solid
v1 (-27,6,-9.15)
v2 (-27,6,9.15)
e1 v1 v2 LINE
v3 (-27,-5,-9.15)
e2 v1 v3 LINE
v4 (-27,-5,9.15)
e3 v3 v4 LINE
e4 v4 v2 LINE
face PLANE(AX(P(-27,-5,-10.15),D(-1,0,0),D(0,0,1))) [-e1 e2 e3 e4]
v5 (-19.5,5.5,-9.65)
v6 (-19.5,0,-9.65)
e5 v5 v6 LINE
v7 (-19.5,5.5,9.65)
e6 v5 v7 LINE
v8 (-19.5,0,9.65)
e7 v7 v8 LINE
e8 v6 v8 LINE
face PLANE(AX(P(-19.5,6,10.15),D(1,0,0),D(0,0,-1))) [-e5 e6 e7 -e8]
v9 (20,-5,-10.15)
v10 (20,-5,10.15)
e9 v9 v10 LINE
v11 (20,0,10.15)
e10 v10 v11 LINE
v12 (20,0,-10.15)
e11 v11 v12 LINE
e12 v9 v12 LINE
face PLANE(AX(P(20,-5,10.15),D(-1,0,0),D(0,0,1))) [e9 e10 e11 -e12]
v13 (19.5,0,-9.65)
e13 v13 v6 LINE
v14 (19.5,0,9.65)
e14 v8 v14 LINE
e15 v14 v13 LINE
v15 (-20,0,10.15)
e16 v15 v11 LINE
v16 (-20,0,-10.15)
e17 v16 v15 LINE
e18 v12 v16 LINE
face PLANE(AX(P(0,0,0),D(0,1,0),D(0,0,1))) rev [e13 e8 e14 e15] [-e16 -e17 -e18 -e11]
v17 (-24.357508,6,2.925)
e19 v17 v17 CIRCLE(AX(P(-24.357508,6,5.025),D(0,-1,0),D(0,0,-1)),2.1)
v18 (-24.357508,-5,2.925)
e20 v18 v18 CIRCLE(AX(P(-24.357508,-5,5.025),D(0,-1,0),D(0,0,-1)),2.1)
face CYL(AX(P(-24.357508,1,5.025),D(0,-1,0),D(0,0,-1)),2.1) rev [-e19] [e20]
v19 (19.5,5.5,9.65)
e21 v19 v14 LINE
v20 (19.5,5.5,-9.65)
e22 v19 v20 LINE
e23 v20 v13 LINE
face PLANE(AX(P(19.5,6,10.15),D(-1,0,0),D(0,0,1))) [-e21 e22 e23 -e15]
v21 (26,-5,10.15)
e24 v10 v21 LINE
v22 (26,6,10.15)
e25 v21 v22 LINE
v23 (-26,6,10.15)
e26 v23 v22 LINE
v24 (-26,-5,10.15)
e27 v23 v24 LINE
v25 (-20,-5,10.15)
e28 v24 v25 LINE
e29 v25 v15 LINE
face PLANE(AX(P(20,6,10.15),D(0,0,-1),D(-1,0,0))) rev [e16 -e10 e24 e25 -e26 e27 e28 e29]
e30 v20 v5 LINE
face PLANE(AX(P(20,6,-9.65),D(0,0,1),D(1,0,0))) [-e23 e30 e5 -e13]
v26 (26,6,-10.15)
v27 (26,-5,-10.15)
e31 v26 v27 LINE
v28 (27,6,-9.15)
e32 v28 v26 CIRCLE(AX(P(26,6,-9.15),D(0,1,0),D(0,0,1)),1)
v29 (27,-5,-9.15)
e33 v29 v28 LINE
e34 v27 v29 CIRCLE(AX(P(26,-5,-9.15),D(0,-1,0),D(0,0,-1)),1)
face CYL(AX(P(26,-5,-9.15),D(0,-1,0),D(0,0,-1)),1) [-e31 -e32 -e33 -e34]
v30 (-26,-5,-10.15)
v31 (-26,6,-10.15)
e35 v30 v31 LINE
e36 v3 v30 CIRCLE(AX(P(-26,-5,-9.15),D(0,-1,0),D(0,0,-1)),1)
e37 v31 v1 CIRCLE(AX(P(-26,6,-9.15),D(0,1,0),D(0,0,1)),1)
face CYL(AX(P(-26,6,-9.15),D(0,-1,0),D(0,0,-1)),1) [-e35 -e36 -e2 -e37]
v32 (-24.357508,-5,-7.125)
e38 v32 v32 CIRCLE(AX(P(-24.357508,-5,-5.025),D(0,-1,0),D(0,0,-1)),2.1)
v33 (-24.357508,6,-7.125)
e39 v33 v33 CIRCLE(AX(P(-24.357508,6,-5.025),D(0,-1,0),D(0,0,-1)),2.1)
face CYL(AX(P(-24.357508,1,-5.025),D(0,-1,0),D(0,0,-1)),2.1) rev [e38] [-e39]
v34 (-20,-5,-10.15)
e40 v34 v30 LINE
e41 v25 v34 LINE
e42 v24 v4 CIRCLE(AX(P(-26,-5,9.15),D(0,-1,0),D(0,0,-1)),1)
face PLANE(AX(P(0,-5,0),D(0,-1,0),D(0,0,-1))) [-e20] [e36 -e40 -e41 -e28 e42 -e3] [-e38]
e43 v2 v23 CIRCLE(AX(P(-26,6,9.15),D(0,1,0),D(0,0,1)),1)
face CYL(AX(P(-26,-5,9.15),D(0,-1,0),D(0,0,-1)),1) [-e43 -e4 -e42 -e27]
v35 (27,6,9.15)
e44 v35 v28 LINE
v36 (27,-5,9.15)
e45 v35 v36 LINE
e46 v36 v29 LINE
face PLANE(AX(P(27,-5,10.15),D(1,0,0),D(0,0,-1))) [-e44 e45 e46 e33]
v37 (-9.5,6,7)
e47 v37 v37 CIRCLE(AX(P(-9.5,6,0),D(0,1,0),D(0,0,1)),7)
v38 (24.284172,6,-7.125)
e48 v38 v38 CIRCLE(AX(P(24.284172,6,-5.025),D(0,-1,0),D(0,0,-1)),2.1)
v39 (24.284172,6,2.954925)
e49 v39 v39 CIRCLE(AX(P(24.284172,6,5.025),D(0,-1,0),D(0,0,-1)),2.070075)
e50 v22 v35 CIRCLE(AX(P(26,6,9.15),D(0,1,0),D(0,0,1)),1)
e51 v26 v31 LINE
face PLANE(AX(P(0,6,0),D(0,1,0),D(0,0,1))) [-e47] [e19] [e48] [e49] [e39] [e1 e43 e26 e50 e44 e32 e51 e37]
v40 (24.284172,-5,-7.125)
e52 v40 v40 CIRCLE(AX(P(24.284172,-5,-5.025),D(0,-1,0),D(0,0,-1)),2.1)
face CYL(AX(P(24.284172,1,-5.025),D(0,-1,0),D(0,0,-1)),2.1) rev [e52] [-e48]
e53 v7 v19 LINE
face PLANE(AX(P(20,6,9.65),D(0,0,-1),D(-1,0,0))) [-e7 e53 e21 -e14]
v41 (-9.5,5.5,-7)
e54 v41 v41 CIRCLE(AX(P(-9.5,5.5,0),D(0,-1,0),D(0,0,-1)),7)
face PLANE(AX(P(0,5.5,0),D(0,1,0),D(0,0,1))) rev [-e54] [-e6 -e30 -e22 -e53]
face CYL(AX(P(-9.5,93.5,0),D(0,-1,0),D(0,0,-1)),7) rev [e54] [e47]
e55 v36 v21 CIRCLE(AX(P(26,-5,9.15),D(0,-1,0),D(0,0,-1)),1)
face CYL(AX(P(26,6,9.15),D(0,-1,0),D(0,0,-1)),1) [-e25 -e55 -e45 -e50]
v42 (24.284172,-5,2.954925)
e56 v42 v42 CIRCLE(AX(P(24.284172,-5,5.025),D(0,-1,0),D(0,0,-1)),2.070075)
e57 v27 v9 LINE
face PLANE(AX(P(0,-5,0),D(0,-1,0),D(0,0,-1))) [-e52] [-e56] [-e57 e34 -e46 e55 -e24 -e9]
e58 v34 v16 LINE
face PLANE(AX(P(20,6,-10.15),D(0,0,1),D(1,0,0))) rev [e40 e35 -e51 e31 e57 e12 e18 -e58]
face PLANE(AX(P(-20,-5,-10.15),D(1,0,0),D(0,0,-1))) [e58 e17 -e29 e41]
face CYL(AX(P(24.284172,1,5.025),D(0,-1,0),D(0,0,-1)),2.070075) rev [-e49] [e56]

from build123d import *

# Parameters (mm, degrees)
SKETCH1_W               = 40
SKETCH1_H               = 20.3
BOSS_EXTRUDE3_DEPTH     = 6
SHELL1_T                = -0.5
SKETCH4_W               = 7
SKETCH4_H               = 20.3
BOSS_EXTRUDE4_DEPTH     = 11
FILLET1_R               = 1
SKETCH5_R               = 2.1
SKETCH5_R_2             = 2.070075265
CUT_EXTRUDE3_DEPTH      = 6
SKETCH7_R               = 7
CUT_EXTRUDE4_DEPTH      = 88
CUT_EXTRUDE5_DEPTH      = 30.462221573
CUT_EXTRUDE5_DEPTH_BACK = 30.462221573
SKETCH8_R               = 2.1
SKETCH8_R_2             = 2.070075265


with BuildPart() as part:
    # Sketch1 → Boss-Extrude3 (new body)
    with BuildSketch(Plane(origin=(0, 0, 0), x_dir=(1, 0, 0), z_dir=(0, 1, 0))):
        Rectangle(SKETCH1_W, SKETCH1_H)
    extrude(amount=BOSS_EXTRUDE3_DEPTH)

    # Shell1
    shell1_openings = [part.faces().sort_by_distance(p)[0] for p in [
        (0, 0, 0),
    ]]
    offset(amount=SHELL1_T, openings=shell1_openings, kind=Kind.INTERSECTION)

    # Sketch4 → Boss-Extrude4 (add)
    with BuildSketch(Plane(origin=(0, 6, 0), x_dir=(1, 0, 0), z_dir=(0, 1, 0))):
        with Locations((-23.5, 0)):
            Rectangle(SKETCH4_W, SKETCH4_H)
        with Locations((23.5, 0)):
            Rectangle(SKETCH4_W, SKETCH4_H)
    extrude(amount=-BOSS_EXTRUDE4_DEPTH)

    # Fillet1
    fillet1_edges = [part.edges().sort_by_distance(p)[0] for p in [
        (-27, 0.5, 10.15),
        (-27, 0.5, -10.15),
        (27, 0.5, -10.15),
        (27, 0.5, 10.15),
    ]]
    fillet(fillet1_edges, radius=FILLET1_R)

    # Sketch5 → Cut-Extrude3 (cut)
    with BuildSketch(Plane.XZ.offset(5)):
        with Locations(Location((-24.35750849, 5.025, 0), (0, 0, 270))):
            Circle(SKETCH5_R)
        with Locations(Location((-24.35750849, -5.025, 0), (0, 0, 270))):
            Circle(SKETCH5_R)
        with Locations(Location((24.284171764, 5.025, 0), (0, 0, 270))):
            Circle(SKETCH5_R_2)
        with Locations(Location((24.284171764, -5.025, 0), (0, 0, 270))):
            Circle(SKETCH5_R)
    extrude(amount=-CUT_EXTRUDE3_DEPTH, mode=Mode.SUBTRACT)

    # Sketch7 → Cut-Extrude4 (cut)
    with BuildSketch(Plane.XZ.offset(-5.5)):
        with Locations(Location((-9.5, 0, 0), (0, 0, 270))):
            Circle(SKETCH7_R)
    extrude(amount=-CUT_EXTRUDE4_DEPTH, mode=Mode.SUBTRACT)

    # Sketch8 → Cut-Extrude5 (cut, two sides: drawn at the far end of the back side and taken through both)
    with BuildSketch(Plane.XZ.offset(-1).offset(-CUT_EXTRUDE5_DEPTH_BACK)):
        with Locations(Location((24.284171764, -5.025, 0), (0, 0, 270))):
            Circle(SKETCH8_R)
        with Locations(Location((24.284171764, 5.025, 0), (0, 0, 270))):
            Circle(SKETCH8_R_2)
        with Locations(Location((-24.35750849, 5.025, 0), (0, 0, 270))):
            Circle(SKETCH8_R)
        with Locations(Location((-24.35750849, -5.025, 0), (0, 0, 270))):
            Circle(SKETCH8_R)
    extrude(amount=CUT_EXTRUDE5_DEPTH + CUT_EXTRUDE5_DEPTH_BACK, mode=Mode.SUBTRACT)


solid = part.part
